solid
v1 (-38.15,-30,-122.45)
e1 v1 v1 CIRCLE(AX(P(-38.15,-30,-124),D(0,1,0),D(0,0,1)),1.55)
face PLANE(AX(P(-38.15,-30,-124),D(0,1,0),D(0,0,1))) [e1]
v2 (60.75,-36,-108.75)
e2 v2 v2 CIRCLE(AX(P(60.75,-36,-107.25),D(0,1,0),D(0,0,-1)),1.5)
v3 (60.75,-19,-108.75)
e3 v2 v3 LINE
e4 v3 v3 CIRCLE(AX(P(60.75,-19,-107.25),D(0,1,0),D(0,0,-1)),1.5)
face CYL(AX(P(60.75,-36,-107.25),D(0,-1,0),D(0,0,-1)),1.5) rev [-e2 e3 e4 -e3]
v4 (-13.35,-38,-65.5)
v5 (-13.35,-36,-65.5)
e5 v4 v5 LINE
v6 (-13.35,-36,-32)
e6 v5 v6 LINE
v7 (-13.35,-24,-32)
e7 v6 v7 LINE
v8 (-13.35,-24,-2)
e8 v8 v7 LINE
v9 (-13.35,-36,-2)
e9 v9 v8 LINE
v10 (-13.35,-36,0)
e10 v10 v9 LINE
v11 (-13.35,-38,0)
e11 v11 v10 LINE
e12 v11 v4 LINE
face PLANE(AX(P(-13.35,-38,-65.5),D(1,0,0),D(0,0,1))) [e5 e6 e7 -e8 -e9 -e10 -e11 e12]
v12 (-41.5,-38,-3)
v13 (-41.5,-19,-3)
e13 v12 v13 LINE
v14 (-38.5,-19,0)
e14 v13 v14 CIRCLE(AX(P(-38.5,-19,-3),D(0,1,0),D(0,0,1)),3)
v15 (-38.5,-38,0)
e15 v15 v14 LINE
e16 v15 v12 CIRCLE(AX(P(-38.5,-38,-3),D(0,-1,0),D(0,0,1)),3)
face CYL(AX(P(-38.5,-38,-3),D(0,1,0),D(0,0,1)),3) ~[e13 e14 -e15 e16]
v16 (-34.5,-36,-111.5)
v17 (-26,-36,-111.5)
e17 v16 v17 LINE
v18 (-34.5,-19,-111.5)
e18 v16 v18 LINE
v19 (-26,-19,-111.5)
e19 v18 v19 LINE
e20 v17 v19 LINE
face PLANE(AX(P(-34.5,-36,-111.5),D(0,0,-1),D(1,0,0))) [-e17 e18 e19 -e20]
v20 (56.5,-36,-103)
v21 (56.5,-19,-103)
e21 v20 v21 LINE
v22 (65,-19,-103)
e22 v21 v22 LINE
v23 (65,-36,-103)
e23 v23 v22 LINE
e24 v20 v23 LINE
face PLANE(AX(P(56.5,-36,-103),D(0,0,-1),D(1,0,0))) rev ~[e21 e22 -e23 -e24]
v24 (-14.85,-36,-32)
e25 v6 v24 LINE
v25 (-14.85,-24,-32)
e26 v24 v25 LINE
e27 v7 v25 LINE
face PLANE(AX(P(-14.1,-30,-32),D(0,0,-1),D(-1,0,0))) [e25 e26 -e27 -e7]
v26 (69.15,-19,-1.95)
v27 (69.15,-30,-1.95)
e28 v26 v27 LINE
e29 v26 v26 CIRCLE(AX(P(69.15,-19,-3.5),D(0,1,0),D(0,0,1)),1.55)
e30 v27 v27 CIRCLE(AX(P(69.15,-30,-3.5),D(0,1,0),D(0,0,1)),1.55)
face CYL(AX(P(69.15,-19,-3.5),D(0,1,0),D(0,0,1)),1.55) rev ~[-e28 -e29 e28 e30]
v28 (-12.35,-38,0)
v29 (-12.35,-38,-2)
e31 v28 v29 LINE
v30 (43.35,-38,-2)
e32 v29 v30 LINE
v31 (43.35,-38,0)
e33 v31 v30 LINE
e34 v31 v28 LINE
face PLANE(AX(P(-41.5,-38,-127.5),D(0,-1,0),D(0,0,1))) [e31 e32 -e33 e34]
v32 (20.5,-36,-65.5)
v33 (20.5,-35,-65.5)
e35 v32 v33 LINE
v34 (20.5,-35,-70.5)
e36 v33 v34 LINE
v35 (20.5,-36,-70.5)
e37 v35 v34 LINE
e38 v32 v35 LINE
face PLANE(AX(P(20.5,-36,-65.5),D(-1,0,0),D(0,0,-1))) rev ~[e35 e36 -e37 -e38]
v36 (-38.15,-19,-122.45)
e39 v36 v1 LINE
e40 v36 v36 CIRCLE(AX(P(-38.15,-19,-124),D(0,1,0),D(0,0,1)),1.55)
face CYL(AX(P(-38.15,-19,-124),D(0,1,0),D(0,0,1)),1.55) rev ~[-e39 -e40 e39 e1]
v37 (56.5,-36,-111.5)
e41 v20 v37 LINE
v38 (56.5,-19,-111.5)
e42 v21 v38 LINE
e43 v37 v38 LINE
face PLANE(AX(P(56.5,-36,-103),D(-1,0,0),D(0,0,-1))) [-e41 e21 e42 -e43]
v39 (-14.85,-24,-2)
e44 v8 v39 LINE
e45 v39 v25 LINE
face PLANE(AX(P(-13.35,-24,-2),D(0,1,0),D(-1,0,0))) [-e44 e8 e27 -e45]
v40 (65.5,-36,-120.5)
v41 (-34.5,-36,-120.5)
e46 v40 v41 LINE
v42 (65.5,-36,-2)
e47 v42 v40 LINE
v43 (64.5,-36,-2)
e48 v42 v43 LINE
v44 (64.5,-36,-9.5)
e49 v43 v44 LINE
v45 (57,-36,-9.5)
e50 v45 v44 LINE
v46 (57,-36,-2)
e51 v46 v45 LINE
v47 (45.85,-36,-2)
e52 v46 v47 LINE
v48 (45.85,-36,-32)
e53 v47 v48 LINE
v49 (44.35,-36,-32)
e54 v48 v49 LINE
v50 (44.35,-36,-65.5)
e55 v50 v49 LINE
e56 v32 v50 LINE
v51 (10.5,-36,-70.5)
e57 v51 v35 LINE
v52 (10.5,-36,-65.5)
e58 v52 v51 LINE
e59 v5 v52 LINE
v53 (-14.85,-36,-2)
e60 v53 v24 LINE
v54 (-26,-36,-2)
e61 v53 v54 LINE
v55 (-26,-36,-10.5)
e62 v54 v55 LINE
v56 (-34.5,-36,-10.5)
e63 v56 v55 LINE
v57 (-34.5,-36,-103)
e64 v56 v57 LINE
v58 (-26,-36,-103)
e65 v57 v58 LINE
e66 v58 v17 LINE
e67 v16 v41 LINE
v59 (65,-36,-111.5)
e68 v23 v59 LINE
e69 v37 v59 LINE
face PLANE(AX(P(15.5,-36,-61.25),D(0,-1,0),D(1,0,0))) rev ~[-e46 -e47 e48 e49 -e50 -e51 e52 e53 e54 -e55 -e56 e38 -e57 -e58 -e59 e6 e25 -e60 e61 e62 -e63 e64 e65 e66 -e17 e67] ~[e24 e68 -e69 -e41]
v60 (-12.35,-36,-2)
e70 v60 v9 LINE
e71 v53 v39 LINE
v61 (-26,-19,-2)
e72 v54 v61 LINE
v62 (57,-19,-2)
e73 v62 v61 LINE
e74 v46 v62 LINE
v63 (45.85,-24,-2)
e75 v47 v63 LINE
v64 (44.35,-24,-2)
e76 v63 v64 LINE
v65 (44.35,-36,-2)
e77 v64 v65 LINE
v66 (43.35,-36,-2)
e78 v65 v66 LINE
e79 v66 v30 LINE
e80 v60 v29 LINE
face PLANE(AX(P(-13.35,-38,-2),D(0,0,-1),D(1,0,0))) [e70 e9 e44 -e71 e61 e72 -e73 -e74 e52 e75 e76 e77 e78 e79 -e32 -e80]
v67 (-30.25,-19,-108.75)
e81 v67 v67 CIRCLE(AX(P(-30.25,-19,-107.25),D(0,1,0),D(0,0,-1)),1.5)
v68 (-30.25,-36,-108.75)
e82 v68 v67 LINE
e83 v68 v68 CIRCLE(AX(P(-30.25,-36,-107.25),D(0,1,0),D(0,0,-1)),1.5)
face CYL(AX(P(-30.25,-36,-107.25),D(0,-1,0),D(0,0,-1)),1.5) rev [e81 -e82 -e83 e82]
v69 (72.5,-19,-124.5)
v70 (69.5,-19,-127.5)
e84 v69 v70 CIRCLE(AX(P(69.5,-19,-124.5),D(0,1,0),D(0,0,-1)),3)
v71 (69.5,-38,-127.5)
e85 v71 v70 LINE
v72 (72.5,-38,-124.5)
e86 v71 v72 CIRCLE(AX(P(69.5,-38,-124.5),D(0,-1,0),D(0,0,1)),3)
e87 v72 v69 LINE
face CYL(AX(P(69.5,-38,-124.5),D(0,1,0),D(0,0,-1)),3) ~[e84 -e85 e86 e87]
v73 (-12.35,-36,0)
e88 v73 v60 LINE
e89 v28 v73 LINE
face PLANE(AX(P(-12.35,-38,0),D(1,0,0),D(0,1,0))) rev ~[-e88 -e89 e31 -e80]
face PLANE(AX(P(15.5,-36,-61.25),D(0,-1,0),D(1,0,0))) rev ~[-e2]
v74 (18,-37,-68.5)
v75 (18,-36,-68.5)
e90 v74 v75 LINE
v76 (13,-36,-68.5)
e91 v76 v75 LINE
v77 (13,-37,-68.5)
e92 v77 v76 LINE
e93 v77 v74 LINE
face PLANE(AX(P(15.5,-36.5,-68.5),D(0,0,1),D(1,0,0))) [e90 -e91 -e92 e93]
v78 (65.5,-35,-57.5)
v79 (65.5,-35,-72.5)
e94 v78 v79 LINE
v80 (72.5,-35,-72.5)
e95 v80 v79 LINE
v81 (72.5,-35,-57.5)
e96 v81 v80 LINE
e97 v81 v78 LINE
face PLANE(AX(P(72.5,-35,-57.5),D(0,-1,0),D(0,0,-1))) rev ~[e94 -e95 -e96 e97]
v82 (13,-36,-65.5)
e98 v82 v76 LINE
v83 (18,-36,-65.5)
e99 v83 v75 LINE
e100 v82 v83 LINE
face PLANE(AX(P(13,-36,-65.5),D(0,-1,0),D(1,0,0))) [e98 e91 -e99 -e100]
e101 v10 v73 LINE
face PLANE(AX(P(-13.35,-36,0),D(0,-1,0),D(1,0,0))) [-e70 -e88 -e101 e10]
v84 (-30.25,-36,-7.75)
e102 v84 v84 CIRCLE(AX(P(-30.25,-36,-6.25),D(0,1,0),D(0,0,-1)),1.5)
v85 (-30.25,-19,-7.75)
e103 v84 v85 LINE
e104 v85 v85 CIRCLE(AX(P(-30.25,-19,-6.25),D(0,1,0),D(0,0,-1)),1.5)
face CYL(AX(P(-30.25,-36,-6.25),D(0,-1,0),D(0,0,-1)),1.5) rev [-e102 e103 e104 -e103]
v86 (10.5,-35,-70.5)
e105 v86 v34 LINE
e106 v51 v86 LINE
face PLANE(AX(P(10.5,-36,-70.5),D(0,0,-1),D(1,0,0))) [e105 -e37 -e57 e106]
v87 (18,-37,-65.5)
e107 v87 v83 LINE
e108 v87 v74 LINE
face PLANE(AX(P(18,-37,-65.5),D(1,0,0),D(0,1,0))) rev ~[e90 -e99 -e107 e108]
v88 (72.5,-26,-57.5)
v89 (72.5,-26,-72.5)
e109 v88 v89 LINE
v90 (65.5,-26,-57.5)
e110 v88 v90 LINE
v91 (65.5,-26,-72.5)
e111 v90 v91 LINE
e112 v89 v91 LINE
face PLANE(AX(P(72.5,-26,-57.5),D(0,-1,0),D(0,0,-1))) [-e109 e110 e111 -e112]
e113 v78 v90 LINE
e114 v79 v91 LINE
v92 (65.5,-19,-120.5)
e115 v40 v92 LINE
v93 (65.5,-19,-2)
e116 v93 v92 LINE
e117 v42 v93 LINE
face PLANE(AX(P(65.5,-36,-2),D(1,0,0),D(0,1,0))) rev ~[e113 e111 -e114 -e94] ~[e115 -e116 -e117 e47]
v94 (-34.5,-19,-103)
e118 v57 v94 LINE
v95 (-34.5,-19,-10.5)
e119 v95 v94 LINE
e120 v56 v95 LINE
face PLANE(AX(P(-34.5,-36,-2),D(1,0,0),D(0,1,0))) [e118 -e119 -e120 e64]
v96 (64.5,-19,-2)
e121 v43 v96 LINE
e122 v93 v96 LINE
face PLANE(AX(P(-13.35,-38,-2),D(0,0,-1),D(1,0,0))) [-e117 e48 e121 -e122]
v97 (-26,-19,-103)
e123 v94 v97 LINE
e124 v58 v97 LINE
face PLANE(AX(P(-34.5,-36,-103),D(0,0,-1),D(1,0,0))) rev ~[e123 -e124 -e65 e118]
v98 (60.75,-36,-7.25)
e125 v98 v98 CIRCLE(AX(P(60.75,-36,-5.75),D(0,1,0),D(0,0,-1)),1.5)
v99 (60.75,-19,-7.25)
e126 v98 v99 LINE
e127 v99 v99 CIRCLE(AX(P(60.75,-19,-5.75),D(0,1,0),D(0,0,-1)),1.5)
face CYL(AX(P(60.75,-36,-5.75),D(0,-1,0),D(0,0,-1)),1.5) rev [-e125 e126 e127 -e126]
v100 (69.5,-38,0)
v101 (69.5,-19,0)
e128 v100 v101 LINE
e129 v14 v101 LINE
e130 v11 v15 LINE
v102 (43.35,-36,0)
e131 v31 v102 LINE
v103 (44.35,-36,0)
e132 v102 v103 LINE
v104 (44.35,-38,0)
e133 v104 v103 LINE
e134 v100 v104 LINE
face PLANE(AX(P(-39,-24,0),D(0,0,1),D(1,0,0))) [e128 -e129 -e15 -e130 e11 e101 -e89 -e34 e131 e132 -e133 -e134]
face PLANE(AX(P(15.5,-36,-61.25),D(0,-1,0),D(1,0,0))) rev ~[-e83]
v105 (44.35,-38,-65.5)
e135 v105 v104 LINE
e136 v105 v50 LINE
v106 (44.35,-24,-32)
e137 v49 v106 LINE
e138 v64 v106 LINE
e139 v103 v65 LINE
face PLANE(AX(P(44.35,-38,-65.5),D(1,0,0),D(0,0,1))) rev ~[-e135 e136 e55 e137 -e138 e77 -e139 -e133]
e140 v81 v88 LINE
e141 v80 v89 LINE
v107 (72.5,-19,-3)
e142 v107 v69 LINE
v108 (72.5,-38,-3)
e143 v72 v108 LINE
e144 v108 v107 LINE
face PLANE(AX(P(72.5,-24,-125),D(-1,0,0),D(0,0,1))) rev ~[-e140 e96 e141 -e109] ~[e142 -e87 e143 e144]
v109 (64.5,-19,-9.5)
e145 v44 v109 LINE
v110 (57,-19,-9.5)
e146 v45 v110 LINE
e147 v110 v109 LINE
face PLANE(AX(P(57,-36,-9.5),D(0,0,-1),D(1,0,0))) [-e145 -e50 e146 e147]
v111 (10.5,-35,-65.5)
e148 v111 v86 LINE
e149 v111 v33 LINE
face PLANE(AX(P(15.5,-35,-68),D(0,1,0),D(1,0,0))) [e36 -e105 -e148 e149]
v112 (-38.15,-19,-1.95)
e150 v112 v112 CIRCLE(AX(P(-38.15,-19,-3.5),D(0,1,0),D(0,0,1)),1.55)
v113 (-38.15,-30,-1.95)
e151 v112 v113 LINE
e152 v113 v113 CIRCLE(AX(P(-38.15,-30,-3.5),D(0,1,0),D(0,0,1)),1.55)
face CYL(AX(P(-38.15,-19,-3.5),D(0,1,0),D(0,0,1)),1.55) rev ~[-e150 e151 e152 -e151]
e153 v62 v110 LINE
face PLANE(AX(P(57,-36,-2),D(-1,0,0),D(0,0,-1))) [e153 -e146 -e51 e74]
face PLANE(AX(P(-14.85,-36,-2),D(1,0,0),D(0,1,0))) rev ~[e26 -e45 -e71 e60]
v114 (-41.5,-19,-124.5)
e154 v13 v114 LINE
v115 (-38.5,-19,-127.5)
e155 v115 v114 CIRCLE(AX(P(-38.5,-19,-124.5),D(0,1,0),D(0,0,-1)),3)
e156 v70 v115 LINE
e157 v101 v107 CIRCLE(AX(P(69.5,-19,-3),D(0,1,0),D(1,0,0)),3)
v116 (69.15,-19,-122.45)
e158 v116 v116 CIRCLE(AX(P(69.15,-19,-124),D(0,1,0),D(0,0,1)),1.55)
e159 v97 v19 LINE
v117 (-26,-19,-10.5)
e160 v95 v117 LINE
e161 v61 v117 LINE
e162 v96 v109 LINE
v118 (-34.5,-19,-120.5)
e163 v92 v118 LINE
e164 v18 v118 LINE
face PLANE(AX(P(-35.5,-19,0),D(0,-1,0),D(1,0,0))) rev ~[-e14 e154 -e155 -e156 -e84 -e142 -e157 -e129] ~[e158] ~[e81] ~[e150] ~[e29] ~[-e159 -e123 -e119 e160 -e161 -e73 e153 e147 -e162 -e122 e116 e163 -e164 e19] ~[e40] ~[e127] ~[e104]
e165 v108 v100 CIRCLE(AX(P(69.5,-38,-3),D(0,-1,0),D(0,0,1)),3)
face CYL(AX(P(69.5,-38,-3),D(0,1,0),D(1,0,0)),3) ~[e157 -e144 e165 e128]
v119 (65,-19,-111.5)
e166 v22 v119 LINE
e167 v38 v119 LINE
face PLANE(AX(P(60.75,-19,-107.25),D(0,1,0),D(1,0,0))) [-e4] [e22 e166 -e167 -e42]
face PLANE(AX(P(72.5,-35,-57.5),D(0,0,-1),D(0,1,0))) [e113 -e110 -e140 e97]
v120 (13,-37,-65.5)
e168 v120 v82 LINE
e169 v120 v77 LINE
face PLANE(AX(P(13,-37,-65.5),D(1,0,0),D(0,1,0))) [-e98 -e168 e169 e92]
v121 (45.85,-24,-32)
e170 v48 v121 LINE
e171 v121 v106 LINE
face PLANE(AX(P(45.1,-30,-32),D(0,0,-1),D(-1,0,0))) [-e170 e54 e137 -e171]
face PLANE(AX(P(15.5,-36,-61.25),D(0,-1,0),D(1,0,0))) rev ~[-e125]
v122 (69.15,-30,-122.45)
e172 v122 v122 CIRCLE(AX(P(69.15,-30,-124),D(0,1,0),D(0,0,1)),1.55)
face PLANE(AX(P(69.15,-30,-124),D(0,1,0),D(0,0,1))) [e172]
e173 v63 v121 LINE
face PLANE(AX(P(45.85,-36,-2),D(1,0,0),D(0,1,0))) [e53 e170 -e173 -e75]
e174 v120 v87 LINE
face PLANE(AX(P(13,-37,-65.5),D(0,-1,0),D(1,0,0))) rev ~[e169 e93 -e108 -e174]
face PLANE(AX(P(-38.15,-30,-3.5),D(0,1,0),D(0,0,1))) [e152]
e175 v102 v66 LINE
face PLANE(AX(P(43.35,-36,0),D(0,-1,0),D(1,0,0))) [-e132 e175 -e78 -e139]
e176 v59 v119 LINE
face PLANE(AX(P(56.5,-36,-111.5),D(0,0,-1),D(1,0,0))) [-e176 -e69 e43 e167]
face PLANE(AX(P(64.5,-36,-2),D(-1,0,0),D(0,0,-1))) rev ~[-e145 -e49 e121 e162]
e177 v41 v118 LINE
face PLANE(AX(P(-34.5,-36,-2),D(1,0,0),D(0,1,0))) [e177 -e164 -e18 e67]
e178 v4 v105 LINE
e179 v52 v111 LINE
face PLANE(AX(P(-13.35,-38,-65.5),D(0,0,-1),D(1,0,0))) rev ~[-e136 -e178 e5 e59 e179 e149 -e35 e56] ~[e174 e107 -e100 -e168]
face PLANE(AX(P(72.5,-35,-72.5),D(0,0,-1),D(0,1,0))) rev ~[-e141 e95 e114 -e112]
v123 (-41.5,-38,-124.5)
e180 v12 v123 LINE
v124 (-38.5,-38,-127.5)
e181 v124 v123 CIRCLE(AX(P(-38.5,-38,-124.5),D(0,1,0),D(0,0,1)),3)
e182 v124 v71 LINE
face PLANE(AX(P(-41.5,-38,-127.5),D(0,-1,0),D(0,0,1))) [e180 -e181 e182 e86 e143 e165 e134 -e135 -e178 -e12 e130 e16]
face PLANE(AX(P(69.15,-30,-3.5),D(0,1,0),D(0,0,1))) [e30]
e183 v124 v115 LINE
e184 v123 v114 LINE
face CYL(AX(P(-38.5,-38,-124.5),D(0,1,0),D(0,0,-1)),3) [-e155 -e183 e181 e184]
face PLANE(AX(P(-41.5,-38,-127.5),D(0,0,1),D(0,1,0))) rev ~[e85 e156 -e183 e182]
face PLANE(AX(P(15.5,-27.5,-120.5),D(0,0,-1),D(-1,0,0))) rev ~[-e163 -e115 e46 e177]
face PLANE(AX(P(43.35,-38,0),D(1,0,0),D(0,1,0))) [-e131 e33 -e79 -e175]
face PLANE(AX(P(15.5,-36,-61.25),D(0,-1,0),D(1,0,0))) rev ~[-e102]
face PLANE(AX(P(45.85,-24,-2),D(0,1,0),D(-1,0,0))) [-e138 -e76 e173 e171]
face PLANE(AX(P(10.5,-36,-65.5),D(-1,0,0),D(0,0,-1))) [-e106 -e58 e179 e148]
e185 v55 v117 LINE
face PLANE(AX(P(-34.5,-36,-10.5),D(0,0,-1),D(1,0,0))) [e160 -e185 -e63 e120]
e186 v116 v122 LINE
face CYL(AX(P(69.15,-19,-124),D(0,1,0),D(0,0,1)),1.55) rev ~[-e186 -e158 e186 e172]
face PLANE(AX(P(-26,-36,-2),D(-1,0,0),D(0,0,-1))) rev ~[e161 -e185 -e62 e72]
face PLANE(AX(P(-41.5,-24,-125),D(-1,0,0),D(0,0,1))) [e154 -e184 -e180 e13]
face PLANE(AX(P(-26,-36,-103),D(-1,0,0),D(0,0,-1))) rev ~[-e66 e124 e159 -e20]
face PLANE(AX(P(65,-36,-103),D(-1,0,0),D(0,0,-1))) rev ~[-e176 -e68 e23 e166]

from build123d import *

# Parameters (mm, degrees)
SALIENTE_EXTRUIR4_DEPTH  = 2
SALIENTE_EXTRUIR6_DEPTH  = 120.5
CROQUIS8_W               = 104
CROQUIS8_H               = 122.5
SALIENTE_EXTRUIR7_DEPTH  = 2
CROQUIS9_W               = 100
CROQUIS9_H               = 17
SALIENTE_EXTRUIR8_DEPTH  = 2
CROQUIS13_W              = 8.5
CROQUIS13_H              = 8.5
CROQUIS13_R              = 1.5
CROQUIS13_W_2            = 7.5
CROQUIS13_H_2            = 7.5
SALIENTE_EXTRUIR9_DEPTH  = 17
CROQUIS14_W              = 5
CROQUIS14_H              = 28
SALIENTE_EXTRUIR10_DEPTH = 122.5
CROQUIS15_W              = 5
CROQUIS15_H              = 28
SALIENTE_EXTRUIR11_DEPTH = 114
REDONDEO1_R              = 3
CORTAR_EXTRUIR1_REACH    = 153.514
CROQUIS17_W              = 5
CROQUIS17_H              = 9
CORTAR_EXTRUIR2_REACH    = 173.992
CROQUIS18_W              = 5
CROQUIS18_H              = 9
CROQUIS19_R              = 1.55
CORTAR_EXTRUIR3_DEPTH    = 11
CROQUIS20_W              = 57.7
CROQUIS20_H              = 63.5
CORTAR_EXTRUIR4_DEPTH    = 152.514025753
CROQUIS22_W              = 1.5
CROQUIS22_H              = 12
SALIENTE_EXTRUIR12_DEPTH = 30
CROQUIS26_W              = 10
CROQUIS26_H              = 5
SALIENTE_EXTRUIR14_DEPTH = 1
CROQUIS27_W              = 5
CROQUIS27_H              = 1
CORTAR_EXTRUIR8_DEPTH    = 3
CROQUIS28_W              = 1
CROQUIS28_H              = 2
CORTAR_EXTRUIR9_DEPTH    = 10
CROQUIS29_W              = 102
CROQUIS29_H              = 7.5
CORTAR_EXTRUIR11_DEPTH   = 125.5
CROQUIS30_W              = 102
CROQUIS30_H              = 19
CORTAR_EXTRUIR12_DEPTH   = 152.514025753
CROQUIS31_W              = 15
CROQUIS31_H              = 9
CORTAR_EXTRUIR13_DEPTH   = 10


with BuildPart() as part:
    # Croquis5 → Saliente-Extruir4 (new body)
    with BuildSketch(Plane.XY):
        Polygon((0, 0), (39, 0), (39, -10), (66.5, -10), (66.5, -19), (67.5, -19), (67.5, -36), (-36.5, -36), (-36.5, -19), (-35.5, -19), (-35.5, -10), (0, -10), align=None)
    extrude(amount=-SALIENTE_EXTRUIR4_DEPTH)

    # Croquis7 → Saliente-Extruir6 (add)
    with BuildSketch(Plane(origin=(0, 0, -2), x_dir=(-1, 0, 0), z_dir=(0, 0, -1))):
        Polygon((-67.5, -36), (-65.5, -36), (-65.5, -11.5), (-66.5, -11.5), (-66.5, -19), (-67.5, -19), align=None)
        Polygon((36.5, -36), (34.5, -36), (34.5, -11.5), (35.5, -11.5), (35.5, -19), (36.5, -19), align=None)
    extrude(amount=SALIENTE_EXTRUIR6_DEPTH)

    # Croquis8 → Saliente-Extruir7 (add)
    with BuildSketch(Plane.XZ.offset(36)):
        with Locations((15.5, -61.25)):
            Rectangle(CROQUIS8_W, CROQUIS8_H)
    extrude(amount=SALIENTE_EXTRUIR7_DEPTH)

    # Croquis9 → Saliente-Extruir8 (add)
    with BuildSketch(Plane(origin=(0, 0, -122.5), x_dir=(-1, 0, 0), z_dir=(0, 0, -1))):
        with Locations((-15.5, -27.5)):
            Rectangle(CROQUIS9_W, CROQUIS9_H)
    extrude(amount=-SALIENTE_EXTRUIR8_DEPTH)

    # Croquis13 → Saliente-Extruir9 (add)
    # profile 1 of 4: a face of its own
    with BuildSketch(Plane(origin=(0, -36, 0), x_dir=(1, 0, 0), z_dir=(0, 1, 0))):
        with Locations((-30.25, 6.25)):
            Rectangle(CROQUIS13_W, CROQUIS13_H)
        with Locations(Location((-30.25, 6.25, 0), (0, 0, 90))):
            Circle(CROQUIS13_R, mode=Mode.SUBTRACT)
    # profile 2 of 4: a face of its own
    with BuildSketch(Plane(origin=(0, -36, 0), x_dir=(1, 0, 0), z_dir=(0, 1, 0))):
        with Locations((-30.25, 107.25)):
            Rectangle(CROQUIS13_W, CROQUIS13_H)
        with Locations(Location((-30.25, 107.25, 0), (0, 0, 90))):
            Circle(CROQUIS13_R, mode=Mode.SUBTRACT)
    # profile 3 of 4: a face of its own
    with BuildSketch(Plane(origin=(0, -36, 0), x_dir=(1, 0, 0), z_dir=(0, 1, 0))):
        with Locations((60.75, 107.25)):
            Rectangle(CROQUIS13_W, CROQUIS13_H)
        with Locations(Location((60.75, 107.25, 0), (0, 0, 90))):
            Circle(CROQUIS13_R, mode=Mode.SUBTRACT)
    # profile 4 of 4: a face of its own
    with BuildSketch(Plane(origin=(0, -36, 0), x_dir=(1, 0, 0), z_dir=(0, 1, 0))):
        with Locations((60.75, 5.75)):
            Rectangle(CROQUIS13_W_2, CROQUIS13_H_2)
        with Locations(Location((60.75, 5.75, 0), (0, 0, 90))):
            Circle(CROQUIS13_R, mode=Mode.SUBTRACT)
    extrude(amount=SALIENTE_EXTRUIR9_DEPTH)

    # Croquis14 → Saliente-Extruir10 (add)
    with BuildSketch(Plane.XY):
        with Locations((-39, -24)):
            Rectangle(CROQUIS14_W, CROQUIS14_H)
        with Locations((70, -24)):
            Rectangle(CROQUIS14_W, CROQUIS14_H)
    extrude(amount=-SALIENTE_EXTRUIR10_DEPTH)

    # Croquis15 → Saliente-Extruir11 (add)
    with BuildSketch(Plane.ZY.offset(41.5)):
        with Locations((-125, -24)):
            Rectangle(CROQUIS15_W, CROQUIS15_H)
    extrude(amount=-SALIENTE_EXTRUIR11_DEPTH)

    # Redondeo1
    redondeo1_edges = [part.edges().sort_by_distance(p)[0] for p in [
        (-41.5, -24, 0),
        (72.5, -24, 0),
        (-41.5, -24, -127.5),
        (72.5, -24, -127.5),
    ]]
    fillet(redondeo1_edges, radius=REDONDEO1_R)

    # Croquis17 → Cortar-Extruir1 (cut, up to next)
    with BuildSketch(Plane.XY, mode=Mode.PRIVATE) as cortar_extruir1_sk1:
        with Locations((-39, -14.5)):
            Rectangle(CROQUIS17_W, CROQUIS17_H)
    cortar_extruir1_tool1 = extrude(cortar_extruir1_sk1.sketch, amount=-CORTAR_EXTRUIR1_REACH, mode=Mode.PRIVATE) & part.part
    # Croquis17 → Cortar-Extruir1 (cut, up to next)
    with BuildSketch(Plane.XY, mode=Mode.PRIVATE) as cortar_extruir1_sk2:
        with Locations((70, -14.5)):
            Rectangle(CROQUIS17_W, CROQUIS17_H)
    cortar_extruir1_tool2 = extrude(cortar_extruir1_sk2.sketch, amount=-CORTAR_EXTRUIR1_REACH, mode=Mode.PRIVATE) & part.part
    add(cortar_extruir1_tool1.solids().sort_by_distance((-39, -14.5, 0))[0], mode=Mode.SUBTRACT)
    add(cortar_extruir1_tool2.solids().sort_by_distance((70, -14.5, 0))[0], mode=Mode.SUBTRACT)

    # Croquis18 → Cortar-Extruir2 (cut, up to next)
    with BuildSketch(Plane(origin=(67.5, 0, 0), x_dir=(0, 0, -1), z_dir=(1, 0, 0)), mode=Mode.PRIVATE) as cortar_extruir2_sk1:
        with Locations((125, -14.5)):
            Rectangle(CROQUIS18_W, CROQUIS18_H)
    cortar_extruir2_tool1 = extrude(cortar_extruir2_sk1.sketch, amount=-CORTAR_EXTRUIR2_REACH, mode=Mode.PRIVATE) & part.part
    add(cortar_extruir2_tool1.solids().sort_by_distance((67.5, -14.5, -125))[0], mode=Mode.SUBTRACT)

    # Croquis19 → Cortar-Extruir3 (cut)
    with BuildSketch(Plane(origin=(0, -19, 0), x_dir=(1, 0, 0), z_dir=(0, 1, 0))):
        with Locations(Location((-38.15, 124, 0), (0, 0, 270))):
            Circle(CROQUIS19_R)
        with Locations(Location((69.15, 124, 0), (0, 0, 270))):
            Circle(CROQUIS19_R)
        with Locations(Location((-38.15, 3.5, 0), (0, 0, 270))):
            Circle(CROQUIS19_R)
        with Locations(Location((69.15, 3.5, 0), (0, 0, 270))):
            Circle(CROQUIS19_R)
    extrude(amount=-CORTAR_EXTRUIR3_DEPTH, mode=Mode.SUBTRACT)

    # Croquis20 → Cortar-Extruir4 (cut, through all)
    with BuildSketch(Plane.XZ.offset(38)):
        with Locations((15.5, -33.75)):
            Rectangle(CROQUIS20_W, CROQUIS20_H)
    extrude(amount=-CORTAR_EXTRUIR4_DEPTH, mode=Mode.SUBTRACT)

    # Croquis22 → Saliente-Extruir12 (add)
    with BuildSketch(Plane(origin=(0, 0, -2), x_dir=(-1, 0, 0), z_dir=(0, 0, -1))):
        with Locations((-45.1, -30)):
            Rectangle(CROQUIS22_W, CROQUIS22_H)
        with Locations((14.1, -30)):
            Rectangle(CROQUIS22_W, CROQUIS22_H)
    extrude(amount=SALIENTE_EXTRUIR12_DEPTH)

    # Croquis26 → Saliente-Extruir14 (add)
    with BuildSketch(Plane(origin=(0, -36, 0), x_dir=(1, 0, 0), z_dir=(0, 1, 0))):
        with Locations((15.5, 68)):
            Rectangle(CROQUIS26_W, CROQUIS26_H)
    extrude(amount=SALIENTE_EXTRUIR14_DEPTH)

    # Croquis27 → Cortar-Extruir8 (cut)
    with BuildSketch(Plane.XY.offset(-65.5)):
        with Locations((15.5, -36.5)):
            Rectangle(CROQUIS27_W, CROQUIS27_H)
    extrude(amount=-CORTAR_EXTRUIR8_DEPTH, mode=Mode.SUBTRACT)

    # Croquis28 → Cortar-Extruir9 (cut)
    with BuildSketch(Plane.XY):
        with Locations((43.85, -37)):
            Rectangle(CROQUIS28_W, CROQUIS28_H)
        with Locations((-12.85, -37)):
            Rectangle(CROQUIS28_W, CROQUIS28_H)
    extrude(amount=-CORTAR_EXTRUIR9_DEPTH, mode=Mode.SUBTRACT)

    # Croquis29 → Cortar-Extruir11 (cut)
    with BuildSketch(Plane(origin=(0, 0, -127.5), x_dir=(-1, 0, 0), z_dir=(0, 0, -1))):
        with Locations((-15.5, -15.25)):
            Rectangle(CROQUIS29_W, CROQUIS29_H)
    extrude(amount=-CORTAR_EXTRUIR11_DEPTH, mode=Mode.SUBTRACT)

    # Croquis30 → Cortar-Extruir12 (cut, through all)
    with BuildSketch(Plane.XY):
        with Locations((15.5, -9.5)):
            Rectangle(CROQUIS30_W, CROQUIS30_H)
    extrude(amount=-CORTAR_EXTRUIR12_DEPTH, mode=Mode.SUBTRACT)

    # Croquis31 → Cortar-Extruir13 (cut)
    with BuildSketch(Plane(origin=(72.5, 0, 0), x_dir=(0, 0, -1), z_dir=(1, 0, 0))):
        with Locations((65, -30.5)):
            Rectangle(CROQUIS31_W, CROQUIS31_H)
    extrude(amount=-CORTAR_EXTRUIR13_DEPTH, mode=Mode.SUBTRACT)


solid = part.part
